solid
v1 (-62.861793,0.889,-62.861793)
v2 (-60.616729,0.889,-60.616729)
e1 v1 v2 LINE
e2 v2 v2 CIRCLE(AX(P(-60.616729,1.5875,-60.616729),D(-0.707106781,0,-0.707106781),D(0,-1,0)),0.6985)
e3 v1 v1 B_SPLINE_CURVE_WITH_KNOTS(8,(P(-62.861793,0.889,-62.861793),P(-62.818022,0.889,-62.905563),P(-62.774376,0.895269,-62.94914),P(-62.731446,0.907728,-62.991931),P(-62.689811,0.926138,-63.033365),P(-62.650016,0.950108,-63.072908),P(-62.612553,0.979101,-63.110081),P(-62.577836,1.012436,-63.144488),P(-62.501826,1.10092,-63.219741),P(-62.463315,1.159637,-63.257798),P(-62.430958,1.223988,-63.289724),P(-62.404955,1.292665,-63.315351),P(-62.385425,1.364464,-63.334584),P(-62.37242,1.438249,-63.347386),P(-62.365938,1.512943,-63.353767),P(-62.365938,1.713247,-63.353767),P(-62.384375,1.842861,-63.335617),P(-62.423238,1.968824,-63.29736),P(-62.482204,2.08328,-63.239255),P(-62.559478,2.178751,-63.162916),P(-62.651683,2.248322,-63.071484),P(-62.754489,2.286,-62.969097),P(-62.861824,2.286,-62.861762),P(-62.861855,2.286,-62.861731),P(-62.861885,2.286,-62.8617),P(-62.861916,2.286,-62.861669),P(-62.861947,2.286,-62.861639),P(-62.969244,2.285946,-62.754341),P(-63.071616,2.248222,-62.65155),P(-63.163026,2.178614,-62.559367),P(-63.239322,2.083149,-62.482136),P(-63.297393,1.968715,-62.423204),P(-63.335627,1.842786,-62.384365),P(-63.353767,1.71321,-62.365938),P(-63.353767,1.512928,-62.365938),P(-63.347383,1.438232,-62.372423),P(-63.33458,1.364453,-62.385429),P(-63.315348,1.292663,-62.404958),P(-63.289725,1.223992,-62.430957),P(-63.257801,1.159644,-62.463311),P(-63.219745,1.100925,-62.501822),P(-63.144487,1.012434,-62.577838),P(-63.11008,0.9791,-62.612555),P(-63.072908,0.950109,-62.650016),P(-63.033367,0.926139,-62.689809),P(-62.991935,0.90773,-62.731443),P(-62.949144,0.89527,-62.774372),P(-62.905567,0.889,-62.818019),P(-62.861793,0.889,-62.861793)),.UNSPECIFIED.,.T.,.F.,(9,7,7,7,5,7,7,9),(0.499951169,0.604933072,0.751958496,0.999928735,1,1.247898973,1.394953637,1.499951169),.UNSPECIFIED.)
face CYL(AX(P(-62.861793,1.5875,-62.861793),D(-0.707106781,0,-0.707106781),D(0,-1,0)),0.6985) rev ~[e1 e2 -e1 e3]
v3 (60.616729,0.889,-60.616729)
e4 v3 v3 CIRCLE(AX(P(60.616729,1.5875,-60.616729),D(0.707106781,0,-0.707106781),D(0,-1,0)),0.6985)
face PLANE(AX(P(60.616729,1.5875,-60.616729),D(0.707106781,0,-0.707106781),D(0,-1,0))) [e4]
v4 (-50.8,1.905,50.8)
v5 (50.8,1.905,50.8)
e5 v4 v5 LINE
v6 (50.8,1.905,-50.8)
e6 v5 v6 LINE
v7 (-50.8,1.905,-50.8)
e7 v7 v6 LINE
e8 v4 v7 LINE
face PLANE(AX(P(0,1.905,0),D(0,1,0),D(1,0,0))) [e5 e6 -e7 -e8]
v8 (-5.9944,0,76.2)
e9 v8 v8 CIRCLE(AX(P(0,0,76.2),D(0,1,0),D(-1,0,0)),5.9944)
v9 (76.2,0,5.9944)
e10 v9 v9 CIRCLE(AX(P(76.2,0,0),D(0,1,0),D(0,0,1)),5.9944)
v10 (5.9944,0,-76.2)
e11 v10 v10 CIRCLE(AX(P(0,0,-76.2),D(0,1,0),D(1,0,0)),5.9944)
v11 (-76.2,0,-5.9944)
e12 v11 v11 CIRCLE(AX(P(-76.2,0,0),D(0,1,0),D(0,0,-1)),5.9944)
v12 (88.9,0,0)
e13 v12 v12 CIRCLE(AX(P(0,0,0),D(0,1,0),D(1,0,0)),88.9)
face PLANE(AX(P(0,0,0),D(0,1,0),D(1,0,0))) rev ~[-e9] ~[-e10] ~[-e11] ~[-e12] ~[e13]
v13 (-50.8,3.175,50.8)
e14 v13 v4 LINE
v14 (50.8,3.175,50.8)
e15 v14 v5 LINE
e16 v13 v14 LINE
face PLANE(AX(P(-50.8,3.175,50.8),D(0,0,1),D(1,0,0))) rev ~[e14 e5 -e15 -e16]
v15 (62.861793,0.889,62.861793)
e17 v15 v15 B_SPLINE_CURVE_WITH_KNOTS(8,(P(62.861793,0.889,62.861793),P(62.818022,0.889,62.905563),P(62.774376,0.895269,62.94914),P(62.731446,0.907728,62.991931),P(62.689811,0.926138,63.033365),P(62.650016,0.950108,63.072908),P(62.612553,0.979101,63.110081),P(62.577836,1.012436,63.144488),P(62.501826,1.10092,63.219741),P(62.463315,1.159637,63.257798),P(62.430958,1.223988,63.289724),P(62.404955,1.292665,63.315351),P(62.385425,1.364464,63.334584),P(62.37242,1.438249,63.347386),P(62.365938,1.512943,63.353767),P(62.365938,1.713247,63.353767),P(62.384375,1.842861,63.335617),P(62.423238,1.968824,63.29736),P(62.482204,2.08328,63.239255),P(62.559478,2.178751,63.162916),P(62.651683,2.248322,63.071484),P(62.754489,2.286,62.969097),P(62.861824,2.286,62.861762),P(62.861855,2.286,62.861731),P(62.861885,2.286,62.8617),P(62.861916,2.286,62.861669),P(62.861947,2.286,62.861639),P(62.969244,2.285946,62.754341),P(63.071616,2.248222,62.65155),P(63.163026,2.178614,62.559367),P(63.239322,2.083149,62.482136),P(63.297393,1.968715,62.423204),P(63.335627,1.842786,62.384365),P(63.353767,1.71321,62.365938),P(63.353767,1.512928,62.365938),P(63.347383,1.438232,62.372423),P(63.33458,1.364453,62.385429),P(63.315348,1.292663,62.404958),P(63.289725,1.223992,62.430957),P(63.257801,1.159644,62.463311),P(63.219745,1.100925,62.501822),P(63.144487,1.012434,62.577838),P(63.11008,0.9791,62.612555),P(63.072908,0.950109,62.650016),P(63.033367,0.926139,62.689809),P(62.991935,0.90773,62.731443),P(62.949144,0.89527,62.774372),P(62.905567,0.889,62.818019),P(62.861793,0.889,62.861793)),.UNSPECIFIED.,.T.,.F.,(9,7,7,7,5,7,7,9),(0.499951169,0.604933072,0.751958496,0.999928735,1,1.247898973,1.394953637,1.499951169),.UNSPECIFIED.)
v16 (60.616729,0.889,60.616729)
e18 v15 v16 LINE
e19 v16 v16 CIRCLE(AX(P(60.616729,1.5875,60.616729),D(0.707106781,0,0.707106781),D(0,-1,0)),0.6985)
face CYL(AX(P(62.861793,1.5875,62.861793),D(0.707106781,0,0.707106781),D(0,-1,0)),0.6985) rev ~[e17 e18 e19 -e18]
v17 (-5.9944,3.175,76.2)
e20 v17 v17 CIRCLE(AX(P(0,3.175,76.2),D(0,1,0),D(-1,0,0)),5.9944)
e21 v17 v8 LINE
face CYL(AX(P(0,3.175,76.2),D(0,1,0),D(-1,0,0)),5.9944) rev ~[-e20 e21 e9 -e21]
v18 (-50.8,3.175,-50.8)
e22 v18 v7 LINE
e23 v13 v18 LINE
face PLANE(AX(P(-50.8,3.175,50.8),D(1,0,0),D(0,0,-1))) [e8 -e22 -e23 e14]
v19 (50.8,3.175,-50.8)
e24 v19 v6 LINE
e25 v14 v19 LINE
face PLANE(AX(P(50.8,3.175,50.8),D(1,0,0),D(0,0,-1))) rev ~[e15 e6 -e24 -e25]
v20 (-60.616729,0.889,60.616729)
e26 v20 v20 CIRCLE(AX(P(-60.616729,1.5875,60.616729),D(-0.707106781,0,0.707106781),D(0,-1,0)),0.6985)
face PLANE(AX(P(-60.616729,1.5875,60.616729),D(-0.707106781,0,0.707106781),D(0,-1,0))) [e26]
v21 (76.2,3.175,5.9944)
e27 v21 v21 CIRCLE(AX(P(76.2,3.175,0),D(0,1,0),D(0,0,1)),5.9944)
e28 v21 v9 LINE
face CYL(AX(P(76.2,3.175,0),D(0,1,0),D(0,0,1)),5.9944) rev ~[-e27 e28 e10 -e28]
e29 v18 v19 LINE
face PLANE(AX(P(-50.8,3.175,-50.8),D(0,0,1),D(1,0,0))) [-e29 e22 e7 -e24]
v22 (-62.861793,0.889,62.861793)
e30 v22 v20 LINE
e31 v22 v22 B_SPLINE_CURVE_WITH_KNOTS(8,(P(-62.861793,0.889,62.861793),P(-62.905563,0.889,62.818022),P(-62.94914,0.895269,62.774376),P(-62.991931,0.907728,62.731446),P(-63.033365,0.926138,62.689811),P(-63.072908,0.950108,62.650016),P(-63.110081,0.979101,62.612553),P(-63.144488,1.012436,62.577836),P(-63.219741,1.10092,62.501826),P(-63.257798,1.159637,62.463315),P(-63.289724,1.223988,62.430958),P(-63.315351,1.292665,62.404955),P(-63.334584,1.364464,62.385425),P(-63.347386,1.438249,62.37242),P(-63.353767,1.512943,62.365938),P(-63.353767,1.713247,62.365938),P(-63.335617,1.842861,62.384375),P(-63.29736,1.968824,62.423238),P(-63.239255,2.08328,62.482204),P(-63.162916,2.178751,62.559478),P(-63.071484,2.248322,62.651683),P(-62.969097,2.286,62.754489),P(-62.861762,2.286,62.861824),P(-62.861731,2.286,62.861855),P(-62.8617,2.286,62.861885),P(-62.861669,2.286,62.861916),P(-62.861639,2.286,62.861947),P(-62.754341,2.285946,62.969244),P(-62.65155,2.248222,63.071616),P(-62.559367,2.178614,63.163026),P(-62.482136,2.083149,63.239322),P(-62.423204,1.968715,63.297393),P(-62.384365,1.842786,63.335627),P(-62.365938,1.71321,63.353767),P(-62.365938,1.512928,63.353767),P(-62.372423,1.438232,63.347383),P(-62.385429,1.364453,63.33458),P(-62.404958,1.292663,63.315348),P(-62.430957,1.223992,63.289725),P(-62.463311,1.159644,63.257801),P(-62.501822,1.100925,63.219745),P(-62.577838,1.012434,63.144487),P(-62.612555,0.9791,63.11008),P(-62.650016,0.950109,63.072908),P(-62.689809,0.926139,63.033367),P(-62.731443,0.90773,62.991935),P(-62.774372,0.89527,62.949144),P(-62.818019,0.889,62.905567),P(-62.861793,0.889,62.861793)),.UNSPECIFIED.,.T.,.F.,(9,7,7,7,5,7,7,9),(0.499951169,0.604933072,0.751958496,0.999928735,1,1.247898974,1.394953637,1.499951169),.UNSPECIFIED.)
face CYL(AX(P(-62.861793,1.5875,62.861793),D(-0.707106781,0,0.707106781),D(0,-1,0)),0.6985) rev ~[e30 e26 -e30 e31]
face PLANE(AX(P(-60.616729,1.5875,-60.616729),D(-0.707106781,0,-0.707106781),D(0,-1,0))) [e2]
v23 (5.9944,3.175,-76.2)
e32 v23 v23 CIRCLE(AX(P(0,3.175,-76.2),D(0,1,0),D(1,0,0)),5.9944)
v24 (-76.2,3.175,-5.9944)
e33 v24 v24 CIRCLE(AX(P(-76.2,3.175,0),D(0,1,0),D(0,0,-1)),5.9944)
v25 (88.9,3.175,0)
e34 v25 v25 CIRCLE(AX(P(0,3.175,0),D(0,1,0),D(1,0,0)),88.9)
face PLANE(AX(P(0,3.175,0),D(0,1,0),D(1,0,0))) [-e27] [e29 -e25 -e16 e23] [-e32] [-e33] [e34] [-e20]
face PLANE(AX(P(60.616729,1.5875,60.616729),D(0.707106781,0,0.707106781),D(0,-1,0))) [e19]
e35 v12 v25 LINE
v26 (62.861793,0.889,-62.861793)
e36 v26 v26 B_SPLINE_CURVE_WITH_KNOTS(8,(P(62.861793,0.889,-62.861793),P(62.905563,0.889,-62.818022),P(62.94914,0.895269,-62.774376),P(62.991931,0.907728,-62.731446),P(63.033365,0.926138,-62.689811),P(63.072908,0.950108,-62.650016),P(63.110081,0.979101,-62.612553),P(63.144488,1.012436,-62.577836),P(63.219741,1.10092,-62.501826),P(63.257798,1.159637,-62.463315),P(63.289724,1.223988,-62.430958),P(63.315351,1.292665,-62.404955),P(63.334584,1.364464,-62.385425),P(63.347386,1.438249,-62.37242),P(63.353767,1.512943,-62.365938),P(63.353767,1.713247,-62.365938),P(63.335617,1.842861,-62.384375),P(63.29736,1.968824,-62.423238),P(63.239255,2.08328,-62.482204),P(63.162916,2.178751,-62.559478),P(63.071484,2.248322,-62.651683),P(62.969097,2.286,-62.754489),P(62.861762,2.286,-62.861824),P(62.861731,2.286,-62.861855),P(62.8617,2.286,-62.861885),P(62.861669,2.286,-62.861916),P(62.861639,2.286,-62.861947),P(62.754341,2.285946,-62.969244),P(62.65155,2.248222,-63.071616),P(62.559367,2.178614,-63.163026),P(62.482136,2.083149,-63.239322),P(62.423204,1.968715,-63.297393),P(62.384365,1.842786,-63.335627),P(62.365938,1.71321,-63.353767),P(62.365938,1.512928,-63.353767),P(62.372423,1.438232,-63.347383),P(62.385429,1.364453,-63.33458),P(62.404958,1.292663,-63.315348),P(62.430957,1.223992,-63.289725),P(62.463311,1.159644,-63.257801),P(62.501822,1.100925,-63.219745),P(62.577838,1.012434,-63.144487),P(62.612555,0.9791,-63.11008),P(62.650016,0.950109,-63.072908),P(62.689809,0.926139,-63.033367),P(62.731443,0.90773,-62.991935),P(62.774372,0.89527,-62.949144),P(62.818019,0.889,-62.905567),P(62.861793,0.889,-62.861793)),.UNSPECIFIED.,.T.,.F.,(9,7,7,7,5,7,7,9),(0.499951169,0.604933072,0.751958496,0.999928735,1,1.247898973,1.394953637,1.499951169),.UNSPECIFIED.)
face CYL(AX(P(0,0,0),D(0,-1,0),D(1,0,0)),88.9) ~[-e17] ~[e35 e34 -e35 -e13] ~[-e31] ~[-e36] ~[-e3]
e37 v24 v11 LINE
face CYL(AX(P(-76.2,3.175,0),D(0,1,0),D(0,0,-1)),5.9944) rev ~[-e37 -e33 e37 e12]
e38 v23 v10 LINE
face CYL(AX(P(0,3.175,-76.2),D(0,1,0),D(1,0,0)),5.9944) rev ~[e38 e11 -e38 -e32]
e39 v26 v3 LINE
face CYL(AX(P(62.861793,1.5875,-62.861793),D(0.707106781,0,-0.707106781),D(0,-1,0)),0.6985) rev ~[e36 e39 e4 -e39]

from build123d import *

# Parameters (mm, degrees)
SKETCH1_R           = 88.9
BOSS_EXTRUDE1_DEPTH = 3.175
SKETCH2_R           = 5.9944
CUT_EXTRUDE1_DEPTH  = 4.175
CIRPATTERN1_COUNT   = 4
SKETCH3_R           = 0.6985
CUT_EXTRUDE2_DEPTH  = 3.175
CIRPATTERN2_COUNT   = 4
SKETCH4_W           = 101.6
SKETCH4_H           = 101.6
CUT_EXTRUDE3_DEPTH  = 1.27


with BuildPart() as part:
    # Sketch1 → Boss-Extrude1 (new body)
    with BuildSketch(Plane(origin=(0, 0, 0), x_dir=(1, 0, 0), z_dir=(0, 1, 0))):
        Circle(SKETCH1_R)
    extrude(amount=BOSS_EXTRUDE1_DEPTH)

    # Sketch2 → Cut-Extrude1 (cut, through all)
    with BuildSketch(Plane(origin=(0, 3.175, 0), x_dir=(1, 0, 0), z_dir=(0, 1, 0))):
        with Locations((0, 76.2)):
            Circle(SKETCH2_R)
    cut_extrude1 = extrude(amount=-CUT_EXTRUDE1_DEPTH, mode=Mode.SUBTRACT)

    # CirPattern1: Cut-Extrude1 ×4 about axis
    cirpattern1_axis = Axis((0, 0, 0), (0, 1, 0))
    for i in range(1, CIRPATTERN1_COUNT):
        add(cut_extrude1.rotate(cirpattern1_axis, i * 360 / CIRPATTERN1_COUNT), mode=Mode.SUBTRACT)

    # Sketch3 → Cut-Extrude2 (cut)
    with BuildSketch(Plane(origin=(-62.861792847, 0, 62.861792847), x_dir=(0, -1, 0), z_dir=(-0.707106781, 0, 0.707106781))):
        with Locations((-1.5875, 0)):
            Circle(SKETCH3_R)
    cut_extrude2 = extrude(amount=-CUT_EXTRUDE2_DEPTH, mode=Mode.SUBTRACT)

    # CirPattern2: Cut-Extrude2 ×4 about axis
    cirpattern2_axis = Axis((0, 0, 0), (0, 1, 0))
    for i in range(1, CIRPATTERN2_COUNT):
        add(cut_extrude2.rotate(cirpattern2_axis, i * 360 / CIRPATTERN2_COUNT), mode=Mode.SUBTRACT)

    # Sketch4 → Cut-Extrude3 (cut)
    with BuildSketch(Plane(origin=(0, 3.175, 0), x_dir=(1, 0, 0), z_dir=(0, 1, 0))):
        Rectangle(SKETCH4_W, SKETCH4_H)
    extrude(amount=-CUT_EXTRUDE3_DEPTH, mode=Mode.SUBTRACT)


solid = part.part
